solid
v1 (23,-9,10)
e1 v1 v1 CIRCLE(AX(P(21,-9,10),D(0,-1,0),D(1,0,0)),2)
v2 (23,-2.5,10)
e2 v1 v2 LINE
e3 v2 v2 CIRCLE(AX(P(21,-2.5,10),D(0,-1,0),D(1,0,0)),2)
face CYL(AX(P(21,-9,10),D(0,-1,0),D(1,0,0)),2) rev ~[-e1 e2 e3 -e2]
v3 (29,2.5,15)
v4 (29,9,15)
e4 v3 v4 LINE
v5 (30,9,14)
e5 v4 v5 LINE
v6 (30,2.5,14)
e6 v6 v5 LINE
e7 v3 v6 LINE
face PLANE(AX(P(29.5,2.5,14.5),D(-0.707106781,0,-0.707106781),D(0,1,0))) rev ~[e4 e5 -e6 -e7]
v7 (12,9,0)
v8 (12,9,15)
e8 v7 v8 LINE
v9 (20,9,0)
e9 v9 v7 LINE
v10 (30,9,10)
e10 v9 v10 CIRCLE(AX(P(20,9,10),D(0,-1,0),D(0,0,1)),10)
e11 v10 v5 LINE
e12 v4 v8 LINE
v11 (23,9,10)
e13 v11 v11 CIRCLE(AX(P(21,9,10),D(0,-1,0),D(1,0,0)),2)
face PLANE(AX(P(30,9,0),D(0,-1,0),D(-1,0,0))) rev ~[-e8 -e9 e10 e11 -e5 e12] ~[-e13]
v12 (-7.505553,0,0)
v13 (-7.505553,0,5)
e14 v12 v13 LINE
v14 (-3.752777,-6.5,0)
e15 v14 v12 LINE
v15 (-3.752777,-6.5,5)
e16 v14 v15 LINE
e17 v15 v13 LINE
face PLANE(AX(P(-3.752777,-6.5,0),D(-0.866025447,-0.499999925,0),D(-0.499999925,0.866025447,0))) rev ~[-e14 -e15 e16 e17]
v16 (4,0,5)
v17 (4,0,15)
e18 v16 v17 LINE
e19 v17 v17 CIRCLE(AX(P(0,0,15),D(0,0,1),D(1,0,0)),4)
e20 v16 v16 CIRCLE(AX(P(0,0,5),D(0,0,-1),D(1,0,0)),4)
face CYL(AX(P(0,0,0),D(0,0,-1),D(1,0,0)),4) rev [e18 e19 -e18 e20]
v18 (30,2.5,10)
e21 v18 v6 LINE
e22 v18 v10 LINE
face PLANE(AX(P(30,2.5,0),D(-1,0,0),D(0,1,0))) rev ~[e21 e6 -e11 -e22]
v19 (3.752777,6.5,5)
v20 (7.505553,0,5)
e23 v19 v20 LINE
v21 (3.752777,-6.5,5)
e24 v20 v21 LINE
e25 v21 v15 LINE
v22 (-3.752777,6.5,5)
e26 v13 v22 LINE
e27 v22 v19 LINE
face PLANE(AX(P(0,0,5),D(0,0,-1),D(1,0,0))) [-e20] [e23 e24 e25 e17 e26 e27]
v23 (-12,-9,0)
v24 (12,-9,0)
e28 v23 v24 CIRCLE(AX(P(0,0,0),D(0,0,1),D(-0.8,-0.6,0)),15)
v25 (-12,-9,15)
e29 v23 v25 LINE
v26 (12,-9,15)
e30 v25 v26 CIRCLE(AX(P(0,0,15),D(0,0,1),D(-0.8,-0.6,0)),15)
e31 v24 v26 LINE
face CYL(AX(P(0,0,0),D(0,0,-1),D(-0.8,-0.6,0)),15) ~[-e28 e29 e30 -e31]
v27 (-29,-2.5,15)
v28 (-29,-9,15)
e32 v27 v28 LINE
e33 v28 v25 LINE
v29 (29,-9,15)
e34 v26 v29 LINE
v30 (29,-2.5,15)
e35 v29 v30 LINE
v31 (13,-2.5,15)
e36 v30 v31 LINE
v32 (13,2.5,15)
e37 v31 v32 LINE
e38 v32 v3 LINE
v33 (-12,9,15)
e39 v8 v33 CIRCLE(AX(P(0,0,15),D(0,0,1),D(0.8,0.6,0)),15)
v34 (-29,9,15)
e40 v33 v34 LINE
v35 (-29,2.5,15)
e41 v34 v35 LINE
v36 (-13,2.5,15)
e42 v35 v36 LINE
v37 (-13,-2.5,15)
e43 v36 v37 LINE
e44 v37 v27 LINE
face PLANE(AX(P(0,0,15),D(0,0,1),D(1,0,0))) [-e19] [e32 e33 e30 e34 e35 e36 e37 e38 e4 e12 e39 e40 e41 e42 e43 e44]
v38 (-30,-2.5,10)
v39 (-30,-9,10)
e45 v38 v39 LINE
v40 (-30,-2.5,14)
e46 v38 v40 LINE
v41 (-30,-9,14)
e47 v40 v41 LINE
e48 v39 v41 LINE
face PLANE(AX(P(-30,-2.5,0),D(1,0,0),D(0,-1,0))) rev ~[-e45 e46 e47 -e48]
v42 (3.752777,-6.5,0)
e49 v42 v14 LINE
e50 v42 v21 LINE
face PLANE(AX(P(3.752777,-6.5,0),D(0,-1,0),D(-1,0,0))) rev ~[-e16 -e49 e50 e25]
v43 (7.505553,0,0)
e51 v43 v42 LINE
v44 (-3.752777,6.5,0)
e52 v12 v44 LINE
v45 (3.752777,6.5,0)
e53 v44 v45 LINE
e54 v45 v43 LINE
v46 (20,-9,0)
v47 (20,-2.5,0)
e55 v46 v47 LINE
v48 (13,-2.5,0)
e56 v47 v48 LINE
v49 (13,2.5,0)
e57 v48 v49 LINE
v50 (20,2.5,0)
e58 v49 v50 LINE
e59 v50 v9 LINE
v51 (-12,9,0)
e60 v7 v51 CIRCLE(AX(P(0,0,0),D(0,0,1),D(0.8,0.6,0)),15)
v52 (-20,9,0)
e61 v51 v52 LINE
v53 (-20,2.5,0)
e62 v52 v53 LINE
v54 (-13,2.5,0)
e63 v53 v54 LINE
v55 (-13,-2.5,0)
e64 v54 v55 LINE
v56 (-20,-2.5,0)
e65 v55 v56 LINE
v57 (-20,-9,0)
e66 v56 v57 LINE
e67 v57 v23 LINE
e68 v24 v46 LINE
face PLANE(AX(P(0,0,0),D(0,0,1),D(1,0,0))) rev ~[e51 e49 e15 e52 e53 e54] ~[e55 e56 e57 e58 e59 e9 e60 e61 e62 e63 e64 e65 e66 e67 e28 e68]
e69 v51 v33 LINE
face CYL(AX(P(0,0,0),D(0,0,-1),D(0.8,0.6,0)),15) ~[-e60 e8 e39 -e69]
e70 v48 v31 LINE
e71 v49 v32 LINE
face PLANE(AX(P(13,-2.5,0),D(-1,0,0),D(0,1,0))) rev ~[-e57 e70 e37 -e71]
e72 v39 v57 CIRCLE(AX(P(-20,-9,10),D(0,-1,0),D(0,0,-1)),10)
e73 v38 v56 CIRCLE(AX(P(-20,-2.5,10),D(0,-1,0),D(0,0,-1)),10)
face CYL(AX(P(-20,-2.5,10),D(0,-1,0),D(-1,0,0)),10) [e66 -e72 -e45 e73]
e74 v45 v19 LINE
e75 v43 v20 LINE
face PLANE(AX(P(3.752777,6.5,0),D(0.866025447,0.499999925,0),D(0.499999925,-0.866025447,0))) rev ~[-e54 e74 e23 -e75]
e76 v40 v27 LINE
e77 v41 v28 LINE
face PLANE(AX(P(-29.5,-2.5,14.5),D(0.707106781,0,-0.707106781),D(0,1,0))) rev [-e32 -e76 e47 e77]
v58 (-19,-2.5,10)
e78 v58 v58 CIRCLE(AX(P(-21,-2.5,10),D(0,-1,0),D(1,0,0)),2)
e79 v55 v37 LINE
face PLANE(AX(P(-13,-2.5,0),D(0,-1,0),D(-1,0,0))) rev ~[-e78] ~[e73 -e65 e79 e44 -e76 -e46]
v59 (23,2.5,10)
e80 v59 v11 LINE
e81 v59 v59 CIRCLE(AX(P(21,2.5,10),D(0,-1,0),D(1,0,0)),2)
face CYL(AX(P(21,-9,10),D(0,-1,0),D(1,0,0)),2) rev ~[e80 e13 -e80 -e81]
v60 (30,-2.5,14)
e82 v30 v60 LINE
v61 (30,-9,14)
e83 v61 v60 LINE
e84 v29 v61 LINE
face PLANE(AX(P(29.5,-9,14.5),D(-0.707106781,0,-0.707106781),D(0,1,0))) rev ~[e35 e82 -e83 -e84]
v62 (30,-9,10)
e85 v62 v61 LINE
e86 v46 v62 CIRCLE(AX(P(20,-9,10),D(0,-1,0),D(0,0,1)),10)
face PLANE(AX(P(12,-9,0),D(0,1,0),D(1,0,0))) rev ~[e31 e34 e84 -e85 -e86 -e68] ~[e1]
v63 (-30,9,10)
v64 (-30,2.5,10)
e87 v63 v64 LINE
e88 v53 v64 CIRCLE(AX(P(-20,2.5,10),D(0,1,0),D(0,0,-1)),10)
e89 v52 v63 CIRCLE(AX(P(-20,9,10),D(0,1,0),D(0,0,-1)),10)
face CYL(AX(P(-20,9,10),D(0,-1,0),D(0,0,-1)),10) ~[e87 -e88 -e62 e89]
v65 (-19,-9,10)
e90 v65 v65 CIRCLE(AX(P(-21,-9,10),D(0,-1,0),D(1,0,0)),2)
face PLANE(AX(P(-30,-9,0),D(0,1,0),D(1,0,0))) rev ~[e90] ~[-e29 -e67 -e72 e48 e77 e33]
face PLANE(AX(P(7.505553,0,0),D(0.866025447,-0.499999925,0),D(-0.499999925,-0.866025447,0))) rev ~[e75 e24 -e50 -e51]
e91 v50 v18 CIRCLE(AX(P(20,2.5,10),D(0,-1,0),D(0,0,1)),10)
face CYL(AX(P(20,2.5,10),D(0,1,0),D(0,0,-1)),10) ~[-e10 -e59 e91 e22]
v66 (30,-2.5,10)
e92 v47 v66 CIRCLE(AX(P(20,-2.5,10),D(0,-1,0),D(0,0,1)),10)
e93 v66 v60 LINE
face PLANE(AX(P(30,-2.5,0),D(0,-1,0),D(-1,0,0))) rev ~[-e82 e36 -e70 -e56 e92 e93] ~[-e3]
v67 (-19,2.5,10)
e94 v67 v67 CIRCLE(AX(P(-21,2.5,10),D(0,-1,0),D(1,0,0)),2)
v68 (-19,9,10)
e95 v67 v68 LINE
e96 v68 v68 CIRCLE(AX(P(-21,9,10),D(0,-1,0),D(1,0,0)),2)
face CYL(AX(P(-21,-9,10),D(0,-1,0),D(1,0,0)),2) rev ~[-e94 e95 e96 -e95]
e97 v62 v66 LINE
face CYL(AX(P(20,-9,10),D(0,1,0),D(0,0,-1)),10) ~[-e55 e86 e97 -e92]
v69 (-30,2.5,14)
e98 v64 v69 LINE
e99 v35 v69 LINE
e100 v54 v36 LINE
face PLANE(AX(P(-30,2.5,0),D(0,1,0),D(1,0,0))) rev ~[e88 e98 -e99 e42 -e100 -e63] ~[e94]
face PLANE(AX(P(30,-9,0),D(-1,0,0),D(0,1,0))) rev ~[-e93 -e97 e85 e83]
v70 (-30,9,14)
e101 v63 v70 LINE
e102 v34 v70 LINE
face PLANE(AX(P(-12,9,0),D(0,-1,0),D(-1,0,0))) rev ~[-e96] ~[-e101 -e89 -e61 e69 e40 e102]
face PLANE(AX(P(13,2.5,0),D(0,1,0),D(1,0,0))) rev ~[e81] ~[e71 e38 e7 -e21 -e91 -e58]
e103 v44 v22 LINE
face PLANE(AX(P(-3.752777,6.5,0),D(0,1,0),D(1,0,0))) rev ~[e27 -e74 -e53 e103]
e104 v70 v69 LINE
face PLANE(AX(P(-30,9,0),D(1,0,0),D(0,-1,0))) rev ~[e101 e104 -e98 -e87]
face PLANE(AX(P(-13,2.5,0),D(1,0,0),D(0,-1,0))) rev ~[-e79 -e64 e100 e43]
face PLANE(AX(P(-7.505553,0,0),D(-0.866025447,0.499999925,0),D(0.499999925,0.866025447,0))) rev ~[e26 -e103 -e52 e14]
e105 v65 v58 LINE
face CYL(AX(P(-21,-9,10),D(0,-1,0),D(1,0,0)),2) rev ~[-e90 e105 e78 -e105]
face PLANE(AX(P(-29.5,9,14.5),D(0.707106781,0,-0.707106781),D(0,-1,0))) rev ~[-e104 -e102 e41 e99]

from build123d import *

# Parameters (mm, degrees)
F0_R     = 4
F1_DEPTH = 15
F3_DEPTH = 5
F4_R     = 2
F5_DEPTH = 24.001
F6_R     = 10
F7_SIZE  = 1


with BuildPart() as f1:
    # F0 (on Top) → F1 (new body)
    with BuildSketch(Plane.XY):
        with BuildLine():
            Line((-30, -9), (-12, -9))
            ThreePointArc((-12, -9), (0, -15), (12, -9))
            Line((12, -9), (30, -9))
            Line((30, -9), (30, -2.5))
            Line((30, -2.5), (13, -2.5))
            Line((13, -2.5), (13, 0))
            Line((13, 0), (13, 2.5))
            Line((13, 2.5), (30, 2.5))
            Line((30, 2.5), (30, 9))
            Line((30, 9), (12, 9))
            ThreePointArc((12, 9), (0, 15), (-12, 9))
            Line((-12, 9), (-30, 9))
            Line((-30, 9), (-30, 2.5))
            Line((-30, 2.5), (-13, 2.5))
            Line((-13, 2.5), (-13, 0))
            Line((-13, 0), (-13, -2.5))
            Line((-13, -2.5), (-30, -2.5))
            Line((-30, -2.5), (-30, -9))
        make_face()
        Circle(F0_R, mode=Mode.SUBTRACT)
    extrude(amount=F1_DEPTH)

    # F2 (on face) → F3 (cut)
    with BuildSketch(Plane(origin=(0, 0, 0), x_dir=(1, 0, 0), z_dir=(0, 0, -1))):
        Polygon((3.752777, -6.5), (7.505553, 0), (3.752777, 6.5), (-3.752777, 6.5), (-7.505553, 0), (-3.752777, -6.5), align=None)
    extrude(amount=-F3_DEPTH, mode=Mode.SUBTRACT)

    # F4 (on face) → F5 (cut, through all)
    with BuildSketch(Plane.XZ.offset(9)):
        with Locations((-21, 10)):
            Circle(F4_R)
        with Locations((21, 10)):
            Circle(F4_R)
    extrude(amount=-F5_DEPTH, mode=Mode.SUBTRACT)

    # F6
    f6_edges = [f1.edges().sort_by_distance(p)[0] for p in [
        (-30, -5.75, 0),
        (-30, 5.75, 0),
        (30, -5.75, 0),
        (30, 5.75, 0),
    ]]
    fillet(f6_edges, radius=F6_R)

    # F7
    f7_edges = [f1.edges().sort_by_distance(p)[0] for p in [
        (-30, 5.75, 15),
        (-30, -5.75, 15),
        (30, 5.75, 15),
        (30, -5.75, 15),
    ]]
    chamfer(f7_edges, length=F7_SIZE)


solid = f1.part
